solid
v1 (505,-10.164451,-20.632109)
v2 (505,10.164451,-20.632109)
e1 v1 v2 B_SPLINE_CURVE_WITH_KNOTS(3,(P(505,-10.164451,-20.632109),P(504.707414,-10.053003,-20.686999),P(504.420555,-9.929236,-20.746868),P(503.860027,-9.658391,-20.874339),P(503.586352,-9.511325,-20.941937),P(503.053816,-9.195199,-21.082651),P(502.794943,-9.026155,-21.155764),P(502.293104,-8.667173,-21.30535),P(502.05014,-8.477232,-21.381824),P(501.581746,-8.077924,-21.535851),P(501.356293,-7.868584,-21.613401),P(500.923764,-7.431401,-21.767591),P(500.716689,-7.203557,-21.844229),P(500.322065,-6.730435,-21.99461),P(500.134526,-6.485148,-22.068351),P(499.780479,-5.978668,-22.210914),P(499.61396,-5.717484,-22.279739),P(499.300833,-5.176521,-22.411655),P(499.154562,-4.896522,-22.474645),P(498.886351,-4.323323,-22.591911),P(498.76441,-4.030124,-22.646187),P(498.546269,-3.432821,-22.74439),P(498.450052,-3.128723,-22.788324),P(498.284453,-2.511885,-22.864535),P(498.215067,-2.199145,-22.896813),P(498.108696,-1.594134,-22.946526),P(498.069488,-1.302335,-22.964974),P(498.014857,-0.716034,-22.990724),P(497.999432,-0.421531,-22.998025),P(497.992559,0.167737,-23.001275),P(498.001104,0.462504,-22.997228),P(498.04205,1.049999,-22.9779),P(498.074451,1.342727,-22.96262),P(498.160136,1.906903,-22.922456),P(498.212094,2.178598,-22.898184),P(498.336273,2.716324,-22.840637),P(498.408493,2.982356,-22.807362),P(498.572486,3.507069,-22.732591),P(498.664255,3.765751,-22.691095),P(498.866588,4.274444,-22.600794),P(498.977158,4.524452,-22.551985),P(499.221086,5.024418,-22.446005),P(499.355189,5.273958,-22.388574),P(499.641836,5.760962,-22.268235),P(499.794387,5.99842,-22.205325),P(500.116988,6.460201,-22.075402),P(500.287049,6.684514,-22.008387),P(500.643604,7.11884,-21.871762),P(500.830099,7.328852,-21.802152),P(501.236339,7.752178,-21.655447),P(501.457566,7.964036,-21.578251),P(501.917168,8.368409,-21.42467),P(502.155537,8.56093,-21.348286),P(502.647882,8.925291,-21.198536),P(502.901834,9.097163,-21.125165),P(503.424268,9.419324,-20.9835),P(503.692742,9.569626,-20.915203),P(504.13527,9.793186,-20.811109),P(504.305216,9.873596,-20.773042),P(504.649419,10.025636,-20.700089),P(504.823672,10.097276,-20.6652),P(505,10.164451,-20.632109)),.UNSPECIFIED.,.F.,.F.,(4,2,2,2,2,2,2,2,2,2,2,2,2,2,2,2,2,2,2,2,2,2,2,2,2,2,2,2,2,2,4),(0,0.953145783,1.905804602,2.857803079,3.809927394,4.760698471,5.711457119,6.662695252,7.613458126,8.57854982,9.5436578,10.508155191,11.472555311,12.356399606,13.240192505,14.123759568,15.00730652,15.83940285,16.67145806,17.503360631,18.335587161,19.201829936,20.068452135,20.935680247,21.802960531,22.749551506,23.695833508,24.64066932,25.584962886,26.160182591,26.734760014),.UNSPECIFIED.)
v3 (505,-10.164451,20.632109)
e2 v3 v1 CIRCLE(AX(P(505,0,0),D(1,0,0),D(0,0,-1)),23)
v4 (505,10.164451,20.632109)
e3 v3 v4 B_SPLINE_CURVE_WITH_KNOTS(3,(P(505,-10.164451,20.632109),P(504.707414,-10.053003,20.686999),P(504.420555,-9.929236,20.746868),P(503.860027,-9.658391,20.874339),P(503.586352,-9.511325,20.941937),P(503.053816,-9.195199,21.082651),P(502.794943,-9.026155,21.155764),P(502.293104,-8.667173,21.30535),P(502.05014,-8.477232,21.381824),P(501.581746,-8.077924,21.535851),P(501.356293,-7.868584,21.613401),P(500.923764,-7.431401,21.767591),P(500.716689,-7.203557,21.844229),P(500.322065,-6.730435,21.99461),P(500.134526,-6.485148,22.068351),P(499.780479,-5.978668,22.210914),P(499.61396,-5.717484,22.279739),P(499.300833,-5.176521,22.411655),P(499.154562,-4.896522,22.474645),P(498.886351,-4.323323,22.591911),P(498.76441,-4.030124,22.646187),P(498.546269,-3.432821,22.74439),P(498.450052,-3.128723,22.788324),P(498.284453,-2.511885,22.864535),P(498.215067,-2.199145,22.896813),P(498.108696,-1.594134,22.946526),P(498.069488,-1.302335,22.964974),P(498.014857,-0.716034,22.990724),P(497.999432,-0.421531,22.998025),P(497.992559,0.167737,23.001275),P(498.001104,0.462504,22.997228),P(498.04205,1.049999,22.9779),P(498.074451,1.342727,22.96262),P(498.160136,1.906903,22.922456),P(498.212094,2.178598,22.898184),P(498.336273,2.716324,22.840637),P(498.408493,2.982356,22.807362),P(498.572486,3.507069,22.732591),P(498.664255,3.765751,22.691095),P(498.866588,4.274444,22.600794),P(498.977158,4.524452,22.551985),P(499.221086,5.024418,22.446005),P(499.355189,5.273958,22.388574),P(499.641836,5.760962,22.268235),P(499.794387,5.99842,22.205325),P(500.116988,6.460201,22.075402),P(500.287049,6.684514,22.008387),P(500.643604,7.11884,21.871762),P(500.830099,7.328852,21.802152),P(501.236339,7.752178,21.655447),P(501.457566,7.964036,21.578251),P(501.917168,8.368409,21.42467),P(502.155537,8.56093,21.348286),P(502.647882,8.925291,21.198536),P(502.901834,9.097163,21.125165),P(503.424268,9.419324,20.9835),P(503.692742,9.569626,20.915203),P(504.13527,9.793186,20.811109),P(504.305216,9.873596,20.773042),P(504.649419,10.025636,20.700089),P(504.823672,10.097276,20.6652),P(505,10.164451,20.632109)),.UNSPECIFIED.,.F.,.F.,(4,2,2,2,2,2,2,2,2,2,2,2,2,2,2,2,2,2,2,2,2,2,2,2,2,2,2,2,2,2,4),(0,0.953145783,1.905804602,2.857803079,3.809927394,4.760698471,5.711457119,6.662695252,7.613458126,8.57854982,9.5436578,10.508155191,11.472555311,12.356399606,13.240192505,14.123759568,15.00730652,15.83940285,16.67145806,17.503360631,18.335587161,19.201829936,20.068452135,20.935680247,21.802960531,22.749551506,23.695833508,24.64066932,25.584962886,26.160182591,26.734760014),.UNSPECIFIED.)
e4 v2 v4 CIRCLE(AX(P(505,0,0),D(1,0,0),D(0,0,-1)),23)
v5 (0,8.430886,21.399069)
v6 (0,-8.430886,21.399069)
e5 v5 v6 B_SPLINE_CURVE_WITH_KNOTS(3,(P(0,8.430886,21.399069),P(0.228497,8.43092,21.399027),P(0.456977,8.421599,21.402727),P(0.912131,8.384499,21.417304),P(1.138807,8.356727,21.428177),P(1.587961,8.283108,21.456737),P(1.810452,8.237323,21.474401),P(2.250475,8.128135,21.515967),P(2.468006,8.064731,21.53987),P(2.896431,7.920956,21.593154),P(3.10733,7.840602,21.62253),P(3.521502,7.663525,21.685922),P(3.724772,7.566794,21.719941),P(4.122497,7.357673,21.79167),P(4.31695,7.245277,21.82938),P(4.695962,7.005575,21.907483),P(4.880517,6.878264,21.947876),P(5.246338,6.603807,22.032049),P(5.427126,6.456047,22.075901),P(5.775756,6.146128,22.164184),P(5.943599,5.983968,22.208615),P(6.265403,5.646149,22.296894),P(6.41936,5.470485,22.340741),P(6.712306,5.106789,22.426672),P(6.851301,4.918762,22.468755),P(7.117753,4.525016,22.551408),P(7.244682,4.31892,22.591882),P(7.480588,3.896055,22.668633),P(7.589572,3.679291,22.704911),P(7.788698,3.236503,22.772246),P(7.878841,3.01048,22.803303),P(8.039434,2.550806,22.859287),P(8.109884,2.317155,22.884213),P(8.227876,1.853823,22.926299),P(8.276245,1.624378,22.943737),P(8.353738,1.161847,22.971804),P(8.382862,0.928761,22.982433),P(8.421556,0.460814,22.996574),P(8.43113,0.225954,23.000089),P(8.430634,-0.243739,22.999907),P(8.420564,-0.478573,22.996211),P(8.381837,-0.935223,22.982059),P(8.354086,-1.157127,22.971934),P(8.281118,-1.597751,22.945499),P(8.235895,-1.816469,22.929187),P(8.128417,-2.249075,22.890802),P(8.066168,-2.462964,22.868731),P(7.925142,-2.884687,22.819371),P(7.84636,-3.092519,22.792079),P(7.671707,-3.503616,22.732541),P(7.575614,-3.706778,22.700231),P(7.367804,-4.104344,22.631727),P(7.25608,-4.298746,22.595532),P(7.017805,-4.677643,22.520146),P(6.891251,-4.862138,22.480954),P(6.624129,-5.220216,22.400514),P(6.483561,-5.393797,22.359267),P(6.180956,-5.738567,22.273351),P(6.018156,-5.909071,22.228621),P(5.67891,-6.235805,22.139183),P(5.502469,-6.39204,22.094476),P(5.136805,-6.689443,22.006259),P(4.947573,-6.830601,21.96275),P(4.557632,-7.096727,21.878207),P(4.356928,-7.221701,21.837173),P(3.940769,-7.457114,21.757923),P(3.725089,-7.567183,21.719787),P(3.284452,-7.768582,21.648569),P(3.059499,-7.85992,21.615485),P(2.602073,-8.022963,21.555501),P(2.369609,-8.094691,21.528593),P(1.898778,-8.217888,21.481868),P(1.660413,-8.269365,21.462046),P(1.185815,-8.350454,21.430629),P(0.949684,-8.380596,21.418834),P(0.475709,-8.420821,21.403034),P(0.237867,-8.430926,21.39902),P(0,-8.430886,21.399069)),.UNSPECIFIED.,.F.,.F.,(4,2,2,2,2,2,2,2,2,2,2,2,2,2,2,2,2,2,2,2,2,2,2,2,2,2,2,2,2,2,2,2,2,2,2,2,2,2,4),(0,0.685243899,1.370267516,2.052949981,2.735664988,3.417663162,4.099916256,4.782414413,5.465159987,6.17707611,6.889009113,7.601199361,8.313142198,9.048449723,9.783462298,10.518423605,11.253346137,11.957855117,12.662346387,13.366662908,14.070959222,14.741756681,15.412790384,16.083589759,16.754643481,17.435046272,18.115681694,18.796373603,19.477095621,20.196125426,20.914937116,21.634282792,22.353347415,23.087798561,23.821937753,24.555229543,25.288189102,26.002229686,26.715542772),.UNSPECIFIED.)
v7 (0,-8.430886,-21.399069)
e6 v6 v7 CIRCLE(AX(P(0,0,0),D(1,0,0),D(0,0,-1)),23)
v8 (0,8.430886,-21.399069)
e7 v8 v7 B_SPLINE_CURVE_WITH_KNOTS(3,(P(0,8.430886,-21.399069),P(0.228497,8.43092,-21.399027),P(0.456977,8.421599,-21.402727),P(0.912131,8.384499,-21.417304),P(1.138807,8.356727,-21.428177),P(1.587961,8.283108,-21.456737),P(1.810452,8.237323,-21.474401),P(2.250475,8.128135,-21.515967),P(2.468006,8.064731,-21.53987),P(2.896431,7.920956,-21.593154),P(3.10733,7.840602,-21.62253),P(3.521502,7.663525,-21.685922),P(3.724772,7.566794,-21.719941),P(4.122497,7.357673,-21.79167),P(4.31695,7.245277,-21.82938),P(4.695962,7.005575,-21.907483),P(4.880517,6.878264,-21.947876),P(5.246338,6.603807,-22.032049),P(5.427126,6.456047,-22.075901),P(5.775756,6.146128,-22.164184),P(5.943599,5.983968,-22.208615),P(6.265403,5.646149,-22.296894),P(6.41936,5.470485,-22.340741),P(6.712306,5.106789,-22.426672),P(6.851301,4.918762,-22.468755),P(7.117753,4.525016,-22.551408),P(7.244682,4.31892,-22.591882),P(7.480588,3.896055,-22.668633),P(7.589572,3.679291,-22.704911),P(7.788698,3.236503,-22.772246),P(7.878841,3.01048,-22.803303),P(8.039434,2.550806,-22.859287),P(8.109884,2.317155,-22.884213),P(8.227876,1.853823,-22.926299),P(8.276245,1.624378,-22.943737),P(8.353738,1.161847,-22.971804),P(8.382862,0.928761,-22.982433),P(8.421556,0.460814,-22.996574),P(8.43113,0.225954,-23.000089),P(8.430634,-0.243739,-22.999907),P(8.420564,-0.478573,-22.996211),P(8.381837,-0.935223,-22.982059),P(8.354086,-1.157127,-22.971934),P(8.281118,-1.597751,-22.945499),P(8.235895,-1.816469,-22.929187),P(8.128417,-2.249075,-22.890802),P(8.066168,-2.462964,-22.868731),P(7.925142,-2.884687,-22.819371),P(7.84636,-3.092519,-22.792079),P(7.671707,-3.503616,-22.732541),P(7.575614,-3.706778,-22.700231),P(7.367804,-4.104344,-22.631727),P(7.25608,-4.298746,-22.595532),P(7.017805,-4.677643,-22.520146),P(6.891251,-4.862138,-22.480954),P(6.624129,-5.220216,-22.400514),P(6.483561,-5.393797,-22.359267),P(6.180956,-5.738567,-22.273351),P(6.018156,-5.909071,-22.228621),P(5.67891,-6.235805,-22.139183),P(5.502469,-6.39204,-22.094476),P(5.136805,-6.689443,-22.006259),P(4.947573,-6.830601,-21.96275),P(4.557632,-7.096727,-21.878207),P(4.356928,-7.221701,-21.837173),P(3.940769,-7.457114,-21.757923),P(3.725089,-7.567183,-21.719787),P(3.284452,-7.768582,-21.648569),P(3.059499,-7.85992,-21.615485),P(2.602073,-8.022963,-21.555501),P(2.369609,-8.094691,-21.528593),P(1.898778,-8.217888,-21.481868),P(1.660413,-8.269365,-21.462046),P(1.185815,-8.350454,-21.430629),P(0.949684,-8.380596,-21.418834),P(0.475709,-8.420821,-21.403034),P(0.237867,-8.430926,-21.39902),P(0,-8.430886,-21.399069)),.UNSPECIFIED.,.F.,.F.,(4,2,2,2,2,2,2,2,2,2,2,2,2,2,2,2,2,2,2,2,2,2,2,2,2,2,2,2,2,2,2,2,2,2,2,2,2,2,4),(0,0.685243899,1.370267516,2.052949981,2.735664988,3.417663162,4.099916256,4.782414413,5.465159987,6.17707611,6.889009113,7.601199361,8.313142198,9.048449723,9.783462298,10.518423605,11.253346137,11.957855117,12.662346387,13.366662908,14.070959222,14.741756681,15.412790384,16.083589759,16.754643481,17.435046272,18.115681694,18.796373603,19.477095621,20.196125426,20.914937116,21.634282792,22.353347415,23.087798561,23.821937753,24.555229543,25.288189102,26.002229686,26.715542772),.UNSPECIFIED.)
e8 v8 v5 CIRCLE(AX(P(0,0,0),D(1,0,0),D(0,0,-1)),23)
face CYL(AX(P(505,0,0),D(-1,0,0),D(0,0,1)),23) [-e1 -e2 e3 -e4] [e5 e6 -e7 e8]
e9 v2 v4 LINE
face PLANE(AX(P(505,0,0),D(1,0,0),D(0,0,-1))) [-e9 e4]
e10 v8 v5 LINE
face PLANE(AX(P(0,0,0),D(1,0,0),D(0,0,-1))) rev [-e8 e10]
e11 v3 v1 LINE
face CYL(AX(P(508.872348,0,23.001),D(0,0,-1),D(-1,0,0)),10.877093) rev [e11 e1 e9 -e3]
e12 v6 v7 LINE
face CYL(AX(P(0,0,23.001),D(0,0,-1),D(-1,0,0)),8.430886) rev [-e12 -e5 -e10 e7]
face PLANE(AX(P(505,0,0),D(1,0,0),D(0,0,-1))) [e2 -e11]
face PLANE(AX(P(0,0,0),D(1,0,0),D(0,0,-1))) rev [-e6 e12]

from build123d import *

# Parameters (mm, degrees)
SKETCH1_R                         = 23
LENGTH_DEPTH                      = 505
FEMUR_HOLE_REACH                  = 508.046
FEMUR_HOLE_END_RADIUS             = 23
SKETCH2_R                         = 8.430886207
SKETCH2_R_2                       = 10.877092796
FEMUR_HOLE_DIRECTION_2_REACH      = 508.046
FEMUR_HOLE_DIRECTION_2_END_RADIUS = 23


with BuildPart() as part:
    # Sketch1 → Length (new body)
    with BuildSketch(Plane(origin=(0, 0, 0), x_dir=(0, 0, -1), z_dir=(1, 0, 0))):
        Circle(SKETCH1_R)
    extrude(amount=LENGTH_DEPTH)

    # Femur hole: up to this cylinder (the profile starts inside it)
    femur_hole_end = Plane(origin=(254.436174, 0, 0), z_dir=(-1, 0, 0)) * Cylinder(FEMUR_HOLE_END_RADIUS, 1571.964348, mode=Mode.PRIVATE)
    # Sketch2 → Femur hole (cut, up to the surface)
    with BuildSketch(Plane.XY, mode=Mode.PRIVATE) as femur_hole_sk1:
        Circle(SKETCH2_R)
    femur_hole_tool1 = extrude(femur_hole_sk1.sketch, amount=-FEMUR_HOLE_REACH, mode=Mode.PRIVATE) & femur_hole_end
    add(femur_hole_tool1.solids().sort_by_distance((0, 0, 0))[0], mode=Mode.SUBTRACT)
    # Sketch2 → Femur hole (cut, up to the surface)
    with BuildSketch(Plane.XY, mode=Mode.PRIVATE) as femur_hole_sk2:
        with Locations((508.872347898, 0)):
            Circle(SKETCH2_R_2)
    femur_hole_tool2 = extrude(femur_hole_sk2.sketch, amount=-FEMUR_HOLE_REACH, mode=Mode.PRIVATE) & femur_hole_end
    add(femur_hole_tool2.solids().sort_by_distance((508.872348, 0, 0))[0], mode=Mode.SUBTRACT)

    # Femur hole direction 2: up to this cylinder (the profile starts inside it)
    femur_hole_direction_2_end = Plane(origin=(254.436174, 0, 0), z_dir=(-1, 0, 0)) * Cylinder(FEMUR_HOLE_DIRECTION_2_END_RADIUS, 1571.964348, mode=Mode.PRIVATE)
    # Sketch2 → Femur hole direction 2 (cut, up to the surface)
    with BuildSketch(Plane.XY, mode=Mode.PRIVATE) as femur_hole_direction_2_sk1:
        Circle(SKETCH2_R)
    femur_hole_direction_2_tool1 = extrude(femur_hole_direction_2_sk1.sketch, amount=FEMUR_HOLE_DIRECTION_2_REACH, mode=Mode.PRIVATE) & femur_hole_direction_2_end
    add(femur_hole_direction_2_tool1.solids().sort_by_distance((0, 0, 0))[0], mode=Mode.SUBTRACT)
    # Sketch2 → Femur hole direction 2 (cut, up to the surface)
    with BuildSketch(Plane.XY, mode=Mode.PRIVATE) as femur_hole_direction_2_sk2:
        with Locations((508.872347898, 0)):
            Circle(SKETCH2_R_2)
    femur_hole_direction_2_tool2 = extrude(femur_hole_direction_2_sk2.sketch, amount=FEMUR_HOLE_DIRECTION_2_REACH, mode=Mode.PRIVATE) & femur_hole_direction_2_end
    add(femur_hole_direction_2_tool2.solids().sort_by_distance((508.872348, 0, 0))[0], mode=Mode.SUBTRACT)


solid = part.part
